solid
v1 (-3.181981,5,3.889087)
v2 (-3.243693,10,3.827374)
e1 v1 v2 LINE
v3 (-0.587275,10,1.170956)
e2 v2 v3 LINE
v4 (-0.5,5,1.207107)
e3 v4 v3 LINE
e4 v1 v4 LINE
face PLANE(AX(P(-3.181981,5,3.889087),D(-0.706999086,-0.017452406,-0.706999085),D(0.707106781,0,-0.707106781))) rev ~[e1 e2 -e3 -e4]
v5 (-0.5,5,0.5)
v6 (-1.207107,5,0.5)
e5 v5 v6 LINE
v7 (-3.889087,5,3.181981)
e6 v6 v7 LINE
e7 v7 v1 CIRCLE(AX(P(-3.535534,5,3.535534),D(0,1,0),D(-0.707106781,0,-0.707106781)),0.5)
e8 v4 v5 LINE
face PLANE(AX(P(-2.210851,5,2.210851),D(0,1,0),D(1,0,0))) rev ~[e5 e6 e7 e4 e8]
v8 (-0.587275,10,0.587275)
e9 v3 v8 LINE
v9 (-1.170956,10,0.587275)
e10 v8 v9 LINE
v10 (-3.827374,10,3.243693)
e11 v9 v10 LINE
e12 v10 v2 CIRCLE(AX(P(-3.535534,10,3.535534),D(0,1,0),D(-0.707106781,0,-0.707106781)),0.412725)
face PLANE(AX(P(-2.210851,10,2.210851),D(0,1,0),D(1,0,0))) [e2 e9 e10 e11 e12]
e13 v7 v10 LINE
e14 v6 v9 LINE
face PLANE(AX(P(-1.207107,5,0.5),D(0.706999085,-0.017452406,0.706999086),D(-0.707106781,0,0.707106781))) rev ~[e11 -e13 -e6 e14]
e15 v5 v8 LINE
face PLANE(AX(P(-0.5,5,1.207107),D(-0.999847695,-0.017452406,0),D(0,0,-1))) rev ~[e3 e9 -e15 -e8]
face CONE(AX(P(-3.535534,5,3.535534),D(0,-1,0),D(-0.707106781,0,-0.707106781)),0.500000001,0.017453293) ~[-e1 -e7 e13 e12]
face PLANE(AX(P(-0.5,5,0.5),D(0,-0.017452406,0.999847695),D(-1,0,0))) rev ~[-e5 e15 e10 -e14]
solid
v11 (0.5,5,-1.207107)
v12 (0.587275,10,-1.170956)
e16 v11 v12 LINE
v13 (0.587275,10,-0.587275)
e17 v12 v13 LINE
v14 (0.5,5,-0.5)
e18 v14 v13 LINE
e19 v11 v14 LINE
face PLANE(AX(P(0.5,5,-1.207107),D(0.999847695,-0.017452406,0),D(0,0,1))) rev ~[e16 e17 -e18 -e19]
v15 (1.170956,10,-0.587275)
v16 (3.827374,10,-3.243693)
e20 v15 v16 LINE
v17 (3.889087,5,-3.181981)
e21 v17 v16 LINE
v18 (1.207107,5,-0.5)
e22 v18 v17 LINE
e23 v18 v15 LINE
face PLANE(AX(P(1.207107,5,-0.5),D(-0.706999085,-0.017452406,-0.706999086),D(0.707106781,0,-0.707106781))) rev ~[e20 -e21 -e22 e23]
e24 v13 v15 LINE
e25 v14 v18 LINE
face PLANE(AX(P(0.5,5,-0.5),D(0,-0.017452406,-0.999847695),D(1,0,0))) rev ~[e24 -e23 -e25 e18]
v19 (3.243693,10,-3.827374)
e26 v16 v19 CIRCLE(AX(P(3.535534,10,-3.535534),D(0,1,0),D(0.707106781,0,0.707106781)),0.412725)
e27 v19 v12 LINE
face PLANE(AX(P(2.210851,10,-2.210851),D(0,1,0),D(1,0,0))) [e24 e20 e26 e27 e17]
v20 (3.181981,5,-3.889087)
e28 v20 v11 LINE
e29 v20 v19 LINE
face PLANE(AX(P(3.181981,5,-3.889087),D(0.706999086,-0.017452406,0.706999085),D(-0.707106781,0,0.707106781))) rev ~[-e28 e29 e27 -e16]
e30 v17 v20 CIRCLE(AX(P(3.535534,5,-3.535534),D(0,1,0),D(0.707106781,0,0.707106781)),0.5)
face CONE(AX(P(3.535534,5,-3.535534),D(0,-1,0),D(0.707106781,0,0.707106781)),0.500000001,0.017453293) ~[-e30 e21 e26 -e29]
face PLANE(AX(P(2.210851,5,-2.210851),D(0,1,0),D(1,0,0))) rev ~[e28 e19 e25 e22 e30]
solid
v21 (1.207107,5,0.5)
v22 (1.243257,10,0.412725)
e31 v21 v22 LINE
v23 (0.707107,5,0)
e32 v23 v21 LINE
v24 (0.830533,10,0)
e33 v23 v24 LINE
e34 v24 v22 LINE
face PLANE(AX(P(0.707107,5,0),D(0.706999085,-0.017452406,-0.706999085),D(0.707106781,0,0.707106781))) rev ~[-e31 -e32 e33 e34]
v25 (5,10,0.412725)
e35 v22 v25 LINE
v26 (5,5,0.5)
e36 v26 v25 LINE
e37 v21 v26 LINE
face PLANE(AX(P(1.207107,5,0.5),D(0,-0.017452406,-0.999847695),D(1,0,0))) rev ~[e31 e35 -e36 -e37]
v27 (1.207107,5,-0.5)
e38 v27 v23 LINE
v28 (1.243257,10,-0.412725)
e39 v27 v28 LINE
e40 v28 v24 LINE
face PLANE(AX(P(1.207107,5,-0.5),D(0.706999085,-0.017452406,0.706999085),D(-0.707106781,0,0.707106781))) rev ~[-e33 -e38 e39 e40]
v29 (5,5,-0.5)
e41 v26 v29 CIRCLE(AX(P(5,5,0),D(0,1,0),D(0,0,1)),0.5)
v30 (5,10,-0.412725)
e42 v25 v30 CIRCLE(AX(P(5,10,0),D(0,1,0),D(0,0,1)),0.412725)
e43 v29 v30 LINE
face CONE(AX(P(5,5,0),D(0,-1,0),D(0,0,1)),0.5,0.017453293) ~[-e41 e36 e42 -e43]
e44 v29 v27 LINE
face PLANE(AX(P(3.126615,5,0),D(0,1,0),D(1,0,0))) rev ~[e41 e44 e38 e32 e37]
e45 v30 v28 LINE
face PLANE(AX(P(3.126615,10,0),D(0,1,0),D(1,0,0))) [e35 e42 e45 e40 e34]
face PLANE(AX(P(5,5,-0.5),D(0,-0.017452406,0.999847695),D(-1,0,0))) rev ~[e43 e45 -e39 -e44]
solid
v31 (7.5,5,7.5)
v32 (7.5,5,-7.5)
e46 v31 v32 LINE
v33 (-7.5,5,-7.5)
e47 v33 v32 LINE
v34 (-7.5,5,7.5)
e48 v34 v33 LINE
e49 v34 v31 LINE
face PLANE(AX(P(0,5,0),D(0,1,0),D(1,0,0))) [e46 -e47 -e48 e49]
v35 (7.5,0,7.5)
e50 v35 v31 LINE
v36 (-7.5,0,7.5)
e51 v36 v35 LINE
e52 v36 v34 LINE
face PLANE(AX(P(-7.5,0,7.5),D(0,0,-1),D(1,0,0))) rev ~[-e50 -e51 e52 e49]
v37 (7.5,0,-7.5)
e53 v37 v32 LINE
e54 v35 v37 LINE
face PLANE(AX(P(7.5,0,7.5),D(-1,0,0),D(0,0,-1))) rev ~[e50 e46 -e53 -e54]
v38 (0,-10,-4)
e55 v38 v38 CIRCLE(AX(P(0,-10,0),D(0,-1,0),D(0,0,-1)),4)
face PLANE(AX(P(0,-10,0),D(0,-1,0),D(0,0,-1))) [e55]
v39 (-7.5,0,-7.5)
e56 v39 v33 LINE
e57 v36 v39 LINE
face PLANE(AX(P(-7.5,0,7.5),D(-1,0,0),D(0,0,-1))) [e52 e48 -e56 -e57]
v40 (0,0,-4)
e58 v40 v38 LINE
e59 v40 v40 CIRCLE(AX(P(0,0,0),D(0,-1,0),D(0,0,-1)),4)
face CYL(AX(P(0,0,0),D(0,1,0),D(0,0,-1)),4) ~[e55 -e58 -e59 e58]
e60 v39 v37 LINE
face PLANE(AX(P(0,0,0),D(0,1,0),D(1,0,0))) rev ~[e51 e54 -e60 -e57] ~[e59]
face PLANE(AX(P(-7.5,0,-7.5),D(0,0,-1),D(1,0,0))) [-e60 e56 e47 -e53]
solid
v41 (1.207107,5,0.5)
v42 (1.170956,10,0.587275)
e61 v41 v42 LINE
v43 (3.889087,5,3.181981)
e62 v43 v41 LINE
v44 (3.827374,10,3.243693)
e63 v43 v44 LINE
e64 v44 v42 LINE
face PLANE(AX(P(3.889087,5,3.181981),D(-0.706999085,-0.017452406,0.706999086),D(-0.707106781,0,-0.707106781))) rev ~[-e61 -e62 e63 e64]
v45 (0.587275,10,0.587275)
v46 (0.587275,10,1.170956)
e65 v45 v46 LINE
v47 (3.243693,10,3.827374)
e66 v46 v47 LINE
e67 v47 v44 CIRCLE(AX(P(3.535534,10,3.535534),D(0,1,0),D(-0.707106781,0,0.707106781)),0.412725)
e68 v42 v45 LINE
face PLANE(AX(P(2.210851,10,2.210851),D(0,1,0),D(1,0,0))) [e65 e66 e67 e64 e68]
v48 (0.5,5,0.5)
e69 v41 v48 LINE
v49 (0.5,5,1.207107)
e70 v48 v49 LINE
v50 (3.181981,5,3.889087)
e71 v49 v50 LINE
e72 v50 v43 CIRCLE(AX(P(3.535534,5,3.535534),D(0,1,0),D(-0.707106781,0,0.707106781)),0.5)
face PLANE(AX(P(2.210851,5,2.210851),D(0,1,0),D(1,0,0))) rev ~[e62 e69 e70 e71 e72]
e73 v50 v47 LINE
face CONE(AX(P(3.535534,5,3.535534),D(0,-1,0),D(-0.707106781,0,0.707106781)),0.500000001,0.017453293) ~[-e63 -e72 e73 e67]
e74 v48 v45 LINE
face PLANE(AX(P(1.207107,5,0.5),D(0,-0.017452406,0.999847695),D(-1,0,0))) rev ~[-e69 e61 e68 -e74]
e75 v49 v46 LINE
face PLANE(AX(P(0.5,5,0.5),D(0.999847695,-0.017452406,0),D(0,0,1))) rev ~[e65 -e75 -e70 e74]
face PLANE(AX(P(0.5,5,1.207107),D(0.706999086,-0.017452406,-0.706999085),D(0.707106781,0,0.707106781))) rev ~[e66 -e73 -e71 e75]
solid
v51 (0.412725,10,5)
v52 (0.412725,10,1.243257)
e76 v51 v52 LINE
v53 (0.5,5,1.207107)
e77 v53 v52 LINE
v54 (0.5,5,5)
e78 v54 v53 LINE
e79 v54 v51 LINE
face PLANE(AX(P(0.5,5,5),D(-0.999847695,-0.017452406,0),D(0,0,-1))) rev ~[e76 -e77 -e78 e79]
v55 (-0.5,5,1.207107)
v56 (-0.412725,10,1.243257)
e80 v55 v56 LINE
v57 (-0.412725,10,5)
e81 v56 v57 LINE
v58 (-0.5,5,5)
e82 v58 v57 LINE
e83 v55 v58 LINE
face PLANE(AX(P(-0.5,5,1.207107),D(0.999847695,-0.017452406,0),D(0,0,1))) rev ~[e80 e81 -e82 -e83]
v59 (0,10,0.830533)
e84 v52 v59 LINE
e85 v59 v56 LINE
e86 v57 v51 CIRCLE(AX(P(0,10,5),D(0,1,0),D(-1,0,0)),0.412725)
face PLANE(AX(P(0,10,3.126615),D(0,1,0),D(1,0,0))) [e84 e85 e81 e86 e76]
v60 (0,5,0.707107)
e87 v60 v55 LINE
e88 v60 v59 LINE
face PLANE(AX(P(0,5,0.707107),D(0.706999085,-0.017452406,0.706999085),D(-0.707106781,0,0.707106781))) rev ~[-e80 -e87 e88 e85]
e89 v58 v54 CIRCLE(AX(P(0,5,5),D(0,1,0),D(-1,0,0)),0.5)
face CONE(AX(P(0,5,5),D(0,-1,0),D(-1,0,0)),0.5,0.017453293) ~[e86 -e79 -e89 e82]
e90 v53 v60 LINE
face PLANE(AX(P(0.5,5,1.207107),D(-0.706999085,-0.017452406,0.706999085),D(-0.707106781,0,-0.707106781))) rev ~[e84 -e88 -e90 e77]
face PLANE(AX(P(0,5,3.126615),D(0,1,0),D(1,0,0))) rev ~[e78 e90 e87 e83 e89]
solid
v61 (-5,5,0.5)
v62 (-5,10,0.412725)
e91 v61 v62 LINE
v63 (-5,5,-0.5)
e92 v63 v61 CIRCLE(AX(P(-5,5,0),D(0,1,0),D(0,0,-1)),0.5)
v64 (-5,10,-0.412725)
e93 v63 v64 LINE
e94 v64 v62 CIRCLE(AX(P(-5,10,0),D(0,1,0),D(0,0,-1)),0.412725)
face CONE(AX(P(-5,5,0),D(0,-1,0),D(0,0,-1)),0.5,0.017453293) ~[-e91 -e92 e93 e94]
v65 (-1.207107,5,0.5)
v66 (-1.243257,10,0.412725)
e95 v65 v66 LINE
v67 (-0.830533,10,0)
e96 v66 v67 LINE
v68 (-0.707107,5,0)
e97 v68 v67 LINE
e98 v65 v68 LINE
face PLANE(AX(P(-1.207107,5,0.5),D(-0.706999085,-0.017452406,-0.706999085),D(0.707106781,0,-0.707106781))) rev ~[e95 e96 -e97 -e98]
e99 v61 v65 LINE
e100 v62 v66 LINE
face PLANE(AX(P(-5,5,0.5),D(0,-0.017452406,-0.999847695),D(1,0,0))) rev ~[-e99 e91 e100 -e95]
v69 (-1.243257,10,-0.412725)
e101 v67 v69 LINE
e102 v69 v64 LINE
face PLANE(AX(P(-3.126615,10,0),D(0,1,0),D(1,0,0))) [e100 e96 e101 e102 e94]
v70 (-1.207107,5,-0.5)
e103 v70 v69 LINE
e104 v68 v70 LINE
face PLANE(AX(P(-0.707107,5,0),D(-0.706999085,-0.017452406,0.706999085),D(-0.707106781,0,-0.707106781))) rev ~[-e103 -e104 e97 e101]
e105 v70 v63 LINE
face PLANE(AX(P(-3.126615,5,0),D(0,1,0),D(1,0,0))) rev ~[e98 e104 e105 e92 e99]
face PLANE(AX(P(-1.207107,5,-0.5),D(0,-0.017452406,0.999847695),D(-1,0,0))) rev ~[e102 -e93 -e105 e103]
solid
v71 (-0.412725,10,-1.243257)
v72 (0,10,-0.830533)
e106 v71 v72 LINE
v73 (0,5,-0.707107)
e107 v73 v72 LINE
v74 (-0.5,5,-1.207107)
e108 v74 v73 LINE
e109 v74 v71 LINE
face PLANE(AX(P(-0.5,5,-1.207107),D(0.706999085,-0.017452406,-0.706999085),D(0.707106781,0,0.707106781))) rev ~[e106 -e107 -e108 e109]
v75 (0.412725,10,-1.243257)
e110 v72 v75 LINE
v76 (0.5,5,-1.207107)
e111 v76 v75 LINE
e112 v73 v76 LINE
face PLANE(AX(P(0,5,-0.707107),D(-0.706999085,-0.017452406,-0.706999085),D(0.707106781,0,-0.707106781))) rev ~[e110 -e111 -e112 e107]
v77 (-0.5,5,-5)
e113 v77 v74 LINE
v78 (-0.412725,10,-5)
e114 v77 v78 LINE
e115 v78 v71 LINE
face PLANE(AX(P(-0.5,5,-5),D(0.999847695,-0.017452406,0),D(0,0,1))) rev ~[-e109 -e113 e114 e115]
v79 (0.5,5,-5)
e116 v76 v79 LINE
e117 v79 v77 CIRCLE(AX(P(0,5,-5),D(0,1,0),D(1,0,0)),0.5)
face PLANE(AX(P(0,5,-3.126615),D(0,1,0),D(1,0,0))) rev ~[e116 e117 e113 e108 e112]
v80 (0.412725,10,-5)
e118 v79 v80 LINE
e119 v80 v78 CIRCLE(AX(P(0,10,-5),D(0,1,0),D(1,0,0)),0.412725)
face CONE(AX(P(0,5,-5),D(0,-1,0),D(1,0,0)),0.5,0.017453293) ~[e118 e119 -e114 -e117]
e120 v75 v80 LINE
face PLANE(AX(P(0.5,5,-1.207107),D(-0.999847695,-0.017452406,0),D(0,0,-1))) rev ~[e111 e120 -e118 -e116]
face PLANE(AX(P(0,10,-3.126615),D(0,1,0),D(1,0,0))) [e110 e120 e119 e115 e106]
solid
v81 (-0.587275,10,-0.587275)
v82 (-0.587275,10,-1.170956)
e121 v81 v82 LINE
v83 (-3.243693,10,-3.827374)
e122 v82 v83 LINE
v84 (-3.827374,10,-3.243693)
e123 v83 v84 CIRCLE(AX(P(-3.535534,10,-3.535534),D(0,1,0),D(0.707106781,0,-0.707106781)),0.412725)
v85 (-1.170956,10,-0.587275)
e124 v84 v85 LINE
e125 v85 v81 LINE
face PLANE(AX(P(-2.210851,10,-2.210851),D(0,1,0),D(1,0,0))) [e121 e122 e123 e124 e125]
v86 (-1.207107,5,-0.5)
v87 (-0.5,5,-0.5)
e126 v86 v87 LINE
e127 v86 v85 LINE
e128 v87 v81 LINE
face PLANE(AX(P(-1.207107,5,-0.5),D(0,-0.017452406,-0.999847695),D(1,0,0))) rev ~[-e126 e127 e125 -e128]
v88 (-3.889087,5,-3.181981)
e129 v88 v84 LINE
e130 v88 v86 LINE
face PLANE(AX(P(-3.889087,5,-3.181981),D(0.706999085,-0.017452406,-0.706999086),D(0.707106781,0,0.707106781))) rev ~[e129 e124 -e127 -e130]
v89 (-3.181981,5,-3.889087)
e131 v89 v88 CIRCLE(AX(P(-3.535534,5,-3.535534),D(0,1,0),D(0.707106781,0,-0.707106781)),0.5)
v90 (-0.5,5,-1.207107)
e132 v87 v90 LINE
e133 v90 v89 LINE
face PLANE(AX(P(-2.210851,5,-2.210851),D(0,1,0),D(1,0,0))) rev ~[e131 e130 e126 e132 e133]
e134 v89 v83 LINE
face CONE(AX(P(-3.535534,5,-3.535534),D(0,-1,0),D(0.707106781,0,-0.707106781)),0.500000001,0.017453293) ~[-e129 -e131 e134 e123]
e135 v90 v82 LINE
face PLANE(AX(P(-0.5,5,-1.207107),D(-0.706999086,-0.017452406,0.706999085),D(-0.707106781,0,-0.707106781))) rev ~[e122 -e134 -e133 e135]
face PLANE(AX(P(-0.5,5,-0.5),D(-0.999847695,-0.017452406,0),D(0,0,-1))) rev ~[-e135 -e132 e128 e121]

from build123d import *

# Parameters (mm, degrees)
SKETCH1_W                     = 15
SKETCH1_H                     = 15
BOSS_EXTRUDE1_DEPTH           = 5
BOSS_EXTRUDE2_DEPTH           = 5
BOSS_EXTRUDE2_DRAFT           = 1
BOSS_EXTRUDE2_PROFILE_2_DEPTH = 5
BOSS_EXTRUDE2_PROFILE_2_DRAFT = 1
BOSS_EXTRUDE2_PROFILE_3_DEPTH = 5
BOSS_EXTRUDE2_PROFILE_3_DRAFT = 1
BOSS_EXTRUDE2_PROFILE_4_DEPTH = 5
BOSS_EXTRUDE2_PROFILE_4_DRAFT = 1
BOSS_EXTRUDE2_PROFILE_5_DEPTH = 5
BOSS_EXTRUDE2_PROFILE_5_DRAFT = 1
BOSS_EXTRUDE2_PROFILE_6_DEPTH = 5
BOSS_EXTRUDE2_PROFILE_6_DRAFT = 1
BOSS_EXTRUDE2_PROFILE_7_DEPTH = 5
BOSS_EXTRUDE2_PROFILE_7_DRAFT = 1
BOSS_EXTRUDE2_PROFILE_8_DEPTH = 5
BOSS_EXTRUDE2_PROFILE_8_DRAFT = 1
SKETCH3_R                     = 4
BOSS_EXTRUDE3_DEPTH           = 10


with BuildPart() as part:
    # Sketch1 → Boss-Extrude1 (new body)
    with BuildSketch(Plane(origin=(0, 0, 0), x_dir=(1, 0, 0), z_dir=(0, 1, 0))):
        Rectangle(SKETCH1_W, SKETCH1_H)
    extrude(amount=BOSS_EXTRUDE1_DEPTH)

    # Sketch3 → Boss-Extrude3 (add)
    with BuildSketch(Plane.XZ):
        with Locations(Location((0, 0, 0), (0, 0, 270))):
            Circle(SKETCH3_R)
    extrude(amount=BOSS_EXTRUDE3_DEPTH)


with BuildPart() as body_2:
    # Sketch2 → Boss-Extrude2 (with draft: the straight prism first)
    with BuildSketch(Plane(origin=(0, 5, 0), x_dir=(1, 0, 0), z_dir=(0, 1, 0))):
        with BuildLine():
            Line((-0.5, 5), (-0.5, 1.207106781))
            Line((-0.5, 1.207106781), (0, 0.707106781))
            Line((0, 0.707106781), (0.5, 1.207106781))
            Line((0.5, 1.207106781), (0.5, 5))
            ThreePointArc((0.5, 5), (0, 5.5), (-0.5, 5))
        make_face()
    extrude(amount=BOSS_EXTRUDE2_DEPTH)
    # Boss-Extrude2: the draft: its side faces are tilted about the plane it starts from
    boss_extrude2_sides = [body_2.faces().sort_by_distance(p)[0] for p in [
        (0.5, 7.5, -3.103553391),
        (0, 7.5, -5.5),
        (-0.5, 7.5, -3.103553391),
        (-0.25, 7.5, -0.957106781),
        (0.25, 7.5, -0.957106781),
    ]]
    draft(boss_extrude2_sides, Plane(origin=(0, 5, 0), x_dir=(1, 0, 0), z_dir=(0, 1, 0)), BOSS_EXTRUDE2_DRAFT)


with BuildPart() as body_3:
    # Sketch2 → Boss-Extrude2 profile 2 (with draft: the straight prism first)
    with BuildSketch(Plane(origin=(0, 5, 0), x_dir=(1, 0, 0), z_dir=(0, 1, 0))):
        with BuildLine():
            Line((3.181980515, 3.889087297), (0.5, 1.207106781))
            Line((0.5, 1.207106781), (0.5, 0.5))
            Line((0.5, 0.5), (1.207106781, 0.5))
            Line((1.207106781, 0.5), (3.889087297, 3.181980515))
            ThreePointArc((3.889087297, 3.181980515), (3.889087297, 3.889087297), (3.181980515, 3.889087297))
        make_face()
    extrude(amount=BOSS_EXTRUDE2_PROFILE_2_DEPTH)
    # Boss-Extrude2 profile 2: the draft: its side faces are tilted about the plane it starts from
    boss_extrude2_profile_2_sides = [body_3.faces().sort_by_distance(p)[0] for p in [
        (2.548097039, 7.5, -1.840990258),
        (3.889087297, 7.5, -3.889087297),
        (1.840990258, 7.5, -2.548097039),
        (0.5, 7.5, -0.853553391),
        (0.853553391, 7.5, -0.5),
    ]]
    draft(boss_extrude2_profile_2_sides, Plane(origin=(0, 5, 0), x_dir=(1, 0, 0), z_dir=(0, 1, 0)), BOSS_EXTRUDE2_PROFILE_2_DRAFT)


with BuildPart() as body_4:
    # Sketch2 → Boss-Extrude2 profile 3 (with draft: the straight prism first)
    with BuildSketch(Plane(origin=(0, 5, 0), x_dir=(1, 0, 0), z_dir=(0, 1, 0))):
        with BuildLine():
            Line((1.207106781, 0.5), (0.707106781, 0))
            Line((0.707106781, 0), (1.207106781, -0.5))
            Line((1.207106781, -0.5), (5, -0.5))
            ThreePointArc((5, -0.5), (5.5, 0), (5, 0.5))
            Line((5, 0.5), (1.207106781, 0.5))
        make_face()
    extrude(amount=BOSS_EXTRUDE2_PROFILE_3_DEPTH)
    # Boss-Extrude2 profile 3: the draft: its side faces are tilted about the plane it starts from
    boss_extrude2_profile_3_sides = [body_4.faces().sort_by_distance(p)[0] for p in [
        (0.957106781, 7.5, -0.25),
        (0.957106781, 7.5, 0.25),
        (3.103553391, 7.5, 0.5),
        (5.5, 7.5, 0),
        (3.103553391, 7.5, -0.5),
    ]]
    draft(boss_extrude2_profile_3_sides, Plane(origin=(0, 5, 0), x_dir=(1, 0, 0), z_dir=(0, 1, 0)), BOSS_EXTRUDE2_PROFILE_3_DRAFT)


with BuildPart() as body_5:
    # Sketch2 → Boss-Extrude2 profile 4 (with draft: the straight prism first)
    with BuildSketch(Plane(origin=(0, 5, 0), x_dir=(1, 0, 0), z_dir=(0, 1, 0))):
        with BuildLine():
            Line((1.207106781, -0.5), (0.5, -0.5))
            Line((0.5, -0.5), (0.5, -1.207106781))
            Line((0.5, -1.207106781), (3.181980515, -3.889087297))
            ThreePointArc((3.181980515, -3.889087297), (3.889087297, -3.889087297), (3.889087297, -3.181980515))
            Line((3.889087297, -3.181980515), (1.207106781, -0.5))
        make_face()
    extrude(amount=BOSS_EXTRUDE2_PROFILE_4_DEPTH)
    # Boss-Extrude2 profile 4: the draft: its side faces are tilted about the plane it starts from
    boss_extrude2_profile_4_sides = [body_5.faces().sort_by_distance(p)[0] for p in [
        (0.853553391, 7.5, 0.5),
        (0.5, 7.5, 0.853553391),
        (1.840990258, 7.5, 2.548097039),
        (3.889087297, 7.5, 3.889087297),
        (2.548097039, 7.5, 1.840990258),
    ]]
    draft(boss_extrude2_profile_4_sides, Plane(origin=(0, 5, 0), x_dir=(1, 0, 0), z_dir=(0, 1, 0)), BOSS_EXTRUDE2_PROFILE_4_DRAFT)


with BuildPart() as body_6:
    # Sketch2 → Boss-Extrude2 profile 5 (with draft: the straight prism first)
    with BuildSketch(Plane(origin=(0, 5, 0), x_dir=(1, 0, 0), z_dir=(0, 1, 0))):
        with BuildLine():
            Line((0, -0.707106781), (-0.5, -1.207106781))
            Line((-0.5, -1.207106781), (-0.5, -5))
            ThreePointArc((-0.5, -5), (0, -5.5), (0.5, -5))
            Line((0.5, -5), (0.5, -1.207106781))
            Line((0.5, -1.207106781), (0, -0.707106781))
        make_face()
    extrude(amount=BOSS_EXTRUDE2_PROFILE_5_DEPTH)
    # Boss-Extrude2 profile 5: the draft: its side faces are tilted about the plane it starts from
    boss_extrude2_profile_5_sides = [body_6.faces().sort_by_distance(p)[0] for p in [
        (0.25, 7.5, 0.957106781),
        (-0.25, 7.5, 0.957106781),
        (-0.5, 7.5, 3.103553391),
        (0, 7.5, 5.5),
        (0.5, 7.5, 3.103553391),
    ]]
    draft(boss_extrude2_profile_5_sides, Plane(origin=(0, 5, 0), x_dir=(1, 0, 0), z_dir=(0, 1, 0)), BOSS_EXTRUDE2_PROFILE_5_DRAFT)


with BuildPart() as body_7:
    # Sketch2 → Boss-Extrude2 profile 6 (with draft: the straight prism first)
    with BuildSketch(Plane(origin=(0, 5, 0), x_dir=(1, 0, 0), z_dir=(0, 1, 0))):
        with BuildLine():
            Line((-0.5, -1.207106781), (-0.5, -0.5))
            Line((-0.5, -0.5), (-1.207106781, -0.5))
            Line((-1.207106781, -0.5), (-3.889087297, -3.181980515))
            ThreePointArc((-3.889087297, -3.181980515), (-3.889087297, -3.889087297), (-3.181980515, -3.889087297))
            Line((-3.181980515, -3.889087297), (-0.5, -1.207106781))
        make_face()
    extrude(amount=BOSS_EXTRUDE2_PROFILE_6_DEPTH)
    # Boss-Extrude2 profile 6: the draft: its side faces are tilted about the plane it starts from
    boss_extrude2_profile_6_sides = [body_7.faces().sort_by_distance(p)[0] for p in [
        (-0.5, 7.5, 0.853553391),
        (-0.853553391, 7.5, 0.5),
        (-2.548097039, 7.5, 1.840990258),
        (-3.889087297, 7.5, 3.889087297),
        (-1.840990258, 7.5, 2.548097039),
    ]]
    draft(boss_extrude2_profile_6_sides, Plane(origin=(0, 5, 0), x_dir=(1, 0, 0), z_dir=(0, 1, 0)), BOSS_EXTRUDE2_PROFILE_6_DRAFT)


with BuildPart() as body_8:
    # Sketch2 → Boss-Extrude2 profile 7 (with draft: the straight prism first)
    with BuildSketch(Plane(origin=(0, 5, 0), x_dir=(1, 0, 0), z_dir=(0, 1, 0))):
        with BuildLine():
            Line((-1.207106781, -0.5), (-0.707106781, 0))
            Line((-0.707106781, 0), (-1.207106781, 0.5))
            Line((-1.207106781, 0.5), (-5, 0.5))
            ThreePointArc((-5, 0.5), (-5.5, 0), (-5, -0.5))
            Line((-5, -0.5), (-1.207106781, -0.5))
        make_face()
    extrude(amount=BOSS_EXTRUDE2_PROFILE_7_DEPTH)
    # Boss-Extrude2 profile 7: the draft: its side faces are tilted about the plane it starts from
    boss_extrude2_profile_7_sides = [body_8.faces().sort_by_distance(p)[0] for p in [
        (-5.5, 7.5, 0),
        (-3.103553391, 7.5, 0.5),
        (-0.957106781, 7.5, 0.25),
        (-0.957106781, 7.5, -0.25),
        (-3.103553391, 7.5, -0.5),
    ]]
    draft(boss_extrude2_profile_7_sides, Plane(origin=(0, 5, 0), x_dir=(1, 0, 0), z_dir=(0, 1, 0)), BOSS_EXTRUDE2_PROFILE_7_DRAFT)


with BuildPart() as body_9:
    # Sketch2 → Boss-Extrude2 profile 8 (with draft: the straight prism first)
    with BuildSketch(Plane(origin=(0, 5, 0), x_dir=(1, 0, 0), z_dir=(0, 1, 0))):
        with BuildLine():
            Line((-1.207106781, 0.5), (-0.5, 0.5))
            Line((-0.5, 0.5), (-0.5, 1.207106781))
            Line((-0.5, 1.207106781), (-3.181980515, 3.889087297))
            ThreePointArc((-3.181980515, 3.889087297), (-3.889087297, 3.889087297), (-3.889087297, 3.181980515))
            Line((-3.889087297, 3.181980515), (-1.207106781, 0.5))
        make_face()
    extrude(amount=BOSS_EXTRUDE2_PROFILE_8_DEPTH)
    # Boss-Extrude2 profile 8: the draft: its side faces are tilted about the plane it starts from
    boss_extrude2_profile_8_sides = [body_9.faces().sort_by_distance(p)[0] for p in [
        (-0.853553391, 7.5, -0.5),
        (-0.5, 7.5, -0.853553391),
        (-1.840990258, 7.5, -2.548097039),
        (-3.889087297, 7.5, -3.889087297),
        (-2.548097039, 7.5, -1.840990258),
    ]]
    draft(boss_extrude2_profile_8_sides, Plane(origin=(0, 5, 0), x_dir=(1, 0, 0), z_dir=(0, 1, 0)), BOSS_EXTRUDE2_PROFILE_8_DRAFT)


solid = Compound([part.part, body_2.part, body_3.part, body_4.part, body_5.part, body_6.part, body_7.part, body_8.part, body_9.part])
